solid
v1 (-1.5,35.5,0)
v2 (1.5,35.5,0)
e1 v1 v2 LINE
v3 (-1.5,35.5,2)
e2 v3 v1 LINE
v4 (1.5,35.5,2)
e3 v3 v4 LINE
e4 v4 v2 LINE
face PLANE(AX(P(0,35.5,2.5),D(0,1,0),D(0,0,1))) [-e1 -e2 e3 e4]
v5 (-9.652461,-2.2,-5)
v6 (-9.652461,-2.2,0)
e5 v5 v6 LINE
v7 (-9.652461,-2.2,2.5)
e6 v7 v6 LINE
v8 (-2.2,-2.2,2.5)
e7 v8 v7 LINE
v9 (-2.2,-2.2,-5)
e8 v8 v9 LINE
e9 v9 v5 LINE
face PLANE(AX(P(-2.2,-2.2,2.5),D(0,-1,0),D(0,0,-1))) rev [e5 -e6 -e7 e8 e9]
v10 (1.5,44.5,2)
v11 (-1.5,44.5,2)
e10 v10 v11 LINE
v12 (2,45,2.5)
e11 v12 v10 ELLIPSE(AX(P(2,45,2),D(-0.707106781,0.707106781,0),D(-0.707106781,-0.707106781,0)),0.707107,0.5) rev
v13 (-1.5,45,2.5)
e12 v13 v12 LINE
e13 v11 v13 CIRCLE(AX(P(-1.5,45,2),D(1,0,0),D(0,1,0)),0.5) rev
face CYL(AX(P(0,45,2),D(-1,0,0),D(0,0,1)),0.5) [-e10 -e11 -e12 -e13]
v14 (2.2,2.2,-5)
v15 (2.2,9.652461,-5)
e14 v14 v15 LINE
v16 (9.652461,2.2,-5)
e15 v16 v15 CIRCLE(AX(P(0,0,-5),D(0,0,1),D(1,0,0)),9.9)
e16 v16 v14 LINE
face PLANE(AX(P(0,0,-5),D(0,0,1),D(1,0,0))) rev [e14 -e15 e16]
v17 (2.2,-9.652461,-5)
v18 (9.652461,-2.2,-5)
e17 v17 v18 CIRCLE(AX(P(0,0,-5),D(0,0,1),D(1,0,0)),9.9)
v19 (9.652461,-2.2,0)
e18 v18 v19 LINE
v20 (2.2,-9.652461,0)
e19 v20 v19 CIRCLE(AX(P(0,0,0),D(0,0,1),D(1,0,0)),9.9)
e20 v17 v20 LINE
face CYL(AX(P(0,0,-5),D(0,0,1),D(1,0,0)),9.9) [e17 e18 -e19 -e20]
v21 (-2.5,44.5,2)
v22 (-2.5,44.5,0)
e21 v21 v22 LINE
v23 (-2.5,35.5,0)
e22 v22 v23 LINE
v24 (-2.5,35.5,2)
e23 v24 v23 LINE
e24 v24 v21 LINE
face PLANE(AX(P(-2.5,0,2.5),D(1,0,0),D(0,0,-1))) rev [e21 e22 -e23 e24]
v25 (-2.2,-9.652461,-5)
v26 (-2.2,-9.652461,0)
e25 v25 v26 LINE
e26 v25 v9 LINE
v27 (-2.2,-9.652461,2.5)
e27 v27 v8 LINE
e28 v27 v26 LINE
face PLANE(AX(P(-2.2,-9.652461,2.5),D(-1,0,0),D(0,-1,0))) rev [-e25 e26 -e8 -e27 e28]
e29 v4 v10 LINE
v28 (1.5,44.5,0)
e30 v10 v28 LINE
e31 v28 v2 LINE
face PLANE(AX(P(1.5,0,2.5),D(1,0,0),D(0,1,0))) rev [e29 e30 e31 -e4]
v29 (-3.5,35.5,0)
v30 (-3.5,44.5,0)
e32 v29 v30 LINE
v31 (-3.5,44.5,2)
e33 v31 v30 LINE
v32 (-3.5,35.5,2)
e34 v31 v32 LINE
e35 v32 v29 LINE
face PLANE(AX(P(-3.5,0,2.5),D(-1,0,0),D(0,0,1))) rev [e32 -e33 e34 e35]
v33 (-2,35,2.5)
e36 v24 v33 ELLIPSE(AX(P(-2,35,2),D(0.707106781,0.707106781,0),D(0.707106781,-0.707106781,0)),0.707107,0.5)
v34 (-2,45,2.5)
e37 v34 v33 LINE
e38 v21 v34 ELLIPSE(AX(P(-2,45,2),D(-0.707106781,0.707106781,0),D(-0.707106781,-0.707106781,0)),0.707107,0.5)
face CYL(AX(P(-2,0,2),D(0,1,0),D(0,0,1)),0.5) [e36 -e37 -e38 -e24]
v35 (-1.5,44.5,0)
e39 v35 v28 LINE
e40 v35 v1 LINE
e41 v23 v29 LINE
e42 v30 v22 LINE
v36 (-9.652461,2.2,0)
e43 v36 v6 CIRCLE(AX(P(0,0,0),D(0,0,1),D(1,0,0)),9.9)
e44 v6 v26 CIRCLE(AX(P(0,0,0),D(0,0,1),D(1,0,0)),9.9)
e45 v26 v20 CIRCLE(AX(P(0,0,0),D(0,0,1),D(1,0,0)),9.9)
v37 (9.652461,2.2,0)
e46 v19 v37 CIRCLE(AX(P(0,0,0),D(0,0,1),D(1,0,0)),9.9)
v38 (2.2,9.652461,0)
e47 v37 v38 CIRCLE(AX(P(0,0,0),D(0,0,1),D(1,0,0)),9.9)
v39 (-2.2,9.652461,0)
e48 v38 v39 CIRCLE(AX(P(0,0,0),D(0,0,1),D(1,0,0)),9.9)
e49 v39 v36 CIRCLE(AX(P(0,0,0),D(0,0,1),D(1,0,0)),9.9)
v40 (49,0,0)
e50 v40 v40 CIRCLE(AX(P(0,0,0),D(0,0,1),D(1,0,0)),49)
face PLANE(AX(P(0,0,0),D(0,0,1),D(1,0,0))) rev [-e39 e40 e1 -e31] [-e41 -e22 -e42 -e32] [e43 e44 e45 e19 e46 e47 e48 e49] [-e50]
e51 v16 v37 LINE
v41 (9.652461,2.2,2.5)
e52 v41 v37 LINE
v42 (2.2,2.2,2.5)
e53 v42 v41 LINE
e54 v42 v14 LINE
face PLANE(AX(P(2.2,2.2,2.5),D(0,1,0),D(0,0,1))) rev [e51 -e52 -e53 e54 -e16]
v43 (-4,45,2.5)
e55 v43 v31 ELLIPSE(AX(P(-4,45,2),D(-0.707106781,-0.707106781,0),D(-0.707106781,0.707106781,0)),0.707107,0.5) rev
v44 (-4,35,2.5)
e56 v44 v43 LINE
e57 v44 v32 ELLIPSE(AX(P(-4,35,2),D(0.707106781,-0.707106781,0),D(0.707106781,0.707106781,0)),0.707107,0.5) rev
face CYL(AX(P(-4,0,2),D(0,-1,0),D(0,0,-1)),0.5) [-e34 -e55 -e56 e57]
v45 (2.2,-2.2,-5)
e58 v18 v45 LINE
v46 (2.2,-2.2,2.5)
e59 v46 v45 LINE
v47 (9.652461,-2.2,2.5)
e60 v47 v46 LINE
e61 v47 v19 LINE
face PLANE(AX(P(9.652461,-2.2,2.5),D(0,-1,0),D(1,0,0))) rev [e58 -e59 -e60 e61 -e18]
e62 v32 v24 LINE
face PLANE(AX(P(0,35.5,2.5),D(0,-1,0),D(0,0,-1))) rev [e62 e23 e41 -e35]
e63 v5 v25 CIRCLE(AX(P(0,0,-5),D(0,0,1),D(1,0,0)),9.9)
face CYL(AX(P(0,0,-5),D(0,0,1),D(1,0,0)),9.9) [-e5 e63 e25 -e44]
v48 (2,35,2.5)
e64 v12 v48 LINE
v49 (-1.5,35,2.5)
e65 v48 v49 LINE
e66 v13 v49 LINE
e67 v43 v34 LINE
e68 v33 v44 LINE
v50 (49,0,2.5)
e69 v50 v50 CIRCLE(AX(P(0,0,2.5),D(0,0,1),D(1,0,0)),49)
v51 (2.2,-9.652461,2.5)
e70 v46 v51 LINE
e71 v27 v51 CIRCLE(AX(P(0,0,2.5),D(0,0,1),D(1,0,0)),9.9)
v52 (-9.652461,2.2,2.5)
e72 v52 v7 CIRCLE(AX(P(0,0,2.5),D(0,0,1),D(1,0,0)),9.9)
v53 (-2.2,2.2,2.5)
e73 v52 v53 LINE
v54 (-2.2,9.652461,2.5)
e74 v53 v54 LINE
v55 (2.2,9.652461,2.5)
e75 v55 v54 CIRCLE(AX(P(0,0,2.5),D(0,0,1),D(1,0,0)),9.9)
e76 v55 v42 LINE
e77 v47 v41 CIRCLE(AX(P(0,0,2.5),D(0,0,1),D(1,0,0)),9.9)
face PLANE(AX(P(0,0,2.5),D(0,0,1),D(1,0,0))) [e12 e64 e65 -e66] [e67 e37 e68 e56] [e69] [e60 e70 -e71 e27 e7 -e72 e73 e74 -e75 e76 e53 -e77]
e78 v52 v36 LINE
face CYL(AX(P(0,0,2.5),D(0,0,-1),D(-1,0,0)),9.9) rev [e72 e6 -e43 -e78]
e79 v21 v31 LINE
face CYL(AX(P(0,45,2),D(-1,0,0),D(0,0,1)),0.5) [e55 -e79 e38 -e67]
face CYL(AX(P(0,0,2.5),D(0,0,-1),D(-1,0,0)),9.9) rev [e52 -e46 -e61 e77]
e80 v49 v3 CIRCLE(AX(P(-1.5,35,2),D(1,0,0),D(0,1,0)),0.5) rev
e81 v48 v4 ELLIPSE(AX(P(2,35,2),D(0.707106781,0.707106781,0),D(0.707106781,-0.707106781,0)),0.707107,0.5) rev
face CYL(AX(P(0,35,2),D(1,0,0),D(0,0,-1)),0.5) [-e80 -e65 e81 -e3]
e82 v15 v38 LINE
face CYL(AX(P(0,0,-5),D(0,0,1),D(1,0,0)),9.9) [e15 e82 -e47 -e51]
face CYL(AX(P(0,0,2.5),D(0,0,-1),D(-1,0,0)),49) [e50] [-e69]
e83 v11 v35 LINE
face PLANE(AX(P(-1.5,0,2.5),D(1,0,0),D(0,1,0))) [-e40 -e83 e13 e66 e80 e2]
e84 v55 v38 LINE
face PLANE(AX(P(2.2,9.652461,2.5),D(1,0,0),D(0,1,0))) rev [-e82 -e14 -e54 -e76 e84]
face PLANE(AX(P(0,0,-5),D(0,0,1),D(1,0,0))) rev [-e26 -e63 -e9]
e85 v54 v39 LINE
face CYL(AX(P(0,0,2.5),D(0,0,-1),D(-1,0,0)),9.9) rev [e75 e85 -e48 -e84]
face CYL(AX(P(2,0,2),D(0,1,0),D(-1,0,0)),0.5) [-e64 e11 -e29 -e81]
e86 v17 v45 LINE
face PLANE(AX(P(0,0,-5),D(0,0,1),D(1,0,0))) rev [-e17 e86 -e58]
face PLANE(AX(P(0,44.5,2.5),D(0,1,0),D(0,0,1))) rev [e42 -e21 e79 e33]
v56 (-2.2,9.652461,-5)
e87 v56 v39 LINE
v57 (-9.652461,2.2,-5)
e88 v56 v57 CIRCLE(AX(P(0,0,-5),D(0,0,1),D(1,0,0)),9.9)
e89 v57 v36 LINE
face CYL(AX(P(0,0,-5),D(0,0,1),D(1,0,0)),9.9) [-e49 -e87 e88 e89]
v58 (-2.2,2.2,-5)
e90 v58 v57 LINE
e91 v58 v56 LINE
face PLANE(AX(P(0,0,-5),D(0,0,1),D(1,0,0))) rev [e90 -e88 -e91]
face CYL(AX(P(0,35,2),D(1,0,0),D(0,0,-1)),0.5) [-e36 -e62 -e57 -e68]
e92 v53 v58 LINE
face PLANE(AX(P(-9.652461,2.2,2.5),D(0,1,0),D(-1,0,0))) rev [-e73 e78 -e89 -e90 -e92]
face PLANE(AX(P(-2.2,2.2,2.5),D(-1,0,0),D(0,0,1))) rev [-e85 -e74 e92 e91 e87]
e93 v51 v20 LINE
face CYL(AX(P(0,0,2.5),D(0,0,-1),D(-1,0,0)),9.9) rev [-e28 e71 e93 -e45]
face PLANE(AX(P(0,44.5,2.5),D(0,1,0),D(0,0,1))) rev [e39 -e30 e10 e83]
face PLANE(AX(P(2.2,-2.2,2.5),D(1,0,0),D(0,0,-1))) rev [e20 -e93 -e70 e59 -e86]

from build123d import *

# Parameters (mm, degrees)
SKETCH1_R             = 49
SKETCH1_W             = 1
SKETCH1_H             = 9
BOSS_EXTRUDE1_DEPTH   = 2.5
BOSS_EXTRUDE2_START   = -5
BOSS_EXTRUDE2_DEPTH   = 5
BOSS_EXTRUDE2_2_DEPTH = 5
BOSS_EXTRUDE2_3_DEPTH = 5
BOSS_EXTRUDE2_4_DEPTH = 5
FILLET1_R             = 0.5
BOSS_EXTRUDE4_DEPTH   = 2.5


with BuildPart() as part:
    # Sketch1 → Boss-Extrude1 (new body)
    with BuildSketch(Plane.XY):
        Circle(SKETCH1_R)
        with BuildLine():
            ThreePointArc((0, 9.9), (9.9, 0), (0, -9.9))
            ThreePointArc((0, -9.9), (-9.9, 0), (0, 9.9))
        make_face(mode=Mode.SUBTRACT)
        Polygon((-1.5, 35.5), (-1.5, 44.5), (1.5, 44.5), (1.5, 35.5), (0, 35.5), align=None, mode=Mode.SUBTRACT)
        with Locations((-3, 40)):
            Rectangle(SKETCH1_W, SKETCH1_H, mode=Mode.SUBTRACT)
    extrude(amount=BOSS_EXTRUDE1_DEPTH)

    # Fillet1
    fillet1_edges = [part.edges().sort_by_distance(p)[0] for p in [
        (-3, 44.5, 2.5),
        (-3, 35.5, 2.5),
        (-2.5, 40, 2.5),
        (-3.5, 40, 2.5),
        (0, 44.5, 2.5),
        (1.5, 40, 2.5),
        (0, 35.5, 2.5),
    ]]
    fillet(fillet1_edges, radius=FILLET1_R)



with BuildPart() as body_2:
    # Sketch1<3> → Boss-Extrude2 (new body)
    with BuildSketch(Plane.XY.offset(BOSS_EXTRUDE2_START)):
        with BuildLine():
            ThreePointArc((9.652460826, 2.2), (7.000357134, 7.000357134), (2.2, 9.652460826))
            Line((2.2, 9.652460826), (2.2, 2.2))
            Line((2.2, 2.2), (9.652460826, 2.2))
        make_face()
    extrude(amount=BOSS_EXTRUDE2_DEPTH)


with BuildPart() as body_3:
    # Sketch1<3> → Boss-Extrude2 2 (new body)
    with BuildSketch(Plane.XY.offset(BOSS_EXTRUDE2_START)):
        with BuildLine():
            Line((-2.2, 2.2), (-2.2, 9.652460826))
            ThreePointArc((-2.2, 9.652460826), (-7.000357134, 7.000357134), (-9.652460826, 2.2))
            Line((-9.652460826, 2.2), (-2.2, 2.2))
        make_face()
    extrude(amount=BOSS_EXTRUDE2_2_DEPTH)


with BuildPart() as body_4:
    # Sketch1<3> → Boss-Extrude2 3 (new body)
    with BuildSketch(Plane.XY.offset(BOSS_EXTRUDE2_START)):
        with BuildLine():
            Line((9.652460826, -2.2), (2.2, -2.2))
            Line((2.2, -2.2), (2.2, -9.652460826))
            ThreePointArc((2.2, -9.652460826), (7.000357134, -7.000357134), (9.652460826, -2.2))
        make_face()
    extrude(amount=BOSS_EXTRUDE2_3_DEPTH)


with BuildPart() as body_5:
    # Sketch1<3> → Boss-Extrude2 4 (new body)
    with BuildSketch(Plane.XY.offset(BOSS_EXTRUDE2_START)):
        with BuildLine():
            Line((-2.2, -9.652460826), (-2.2, -2.2))
            Line((-2.2, -2.2), (-9.652460826, -2.2))
            ThreePointArc((-9.652460826, -2.2), (-7.000357134, -7.000357134), (-2.2, -9.652460826))
        make_face()
    extrude(amount=BOSS_EXTRUDE2_4_DEPTH)


with BuildPart() as part_1:
    add(part.part)

    add(body_2.part)  # Boss-Extrude4 merges body 2

    add(body_3.part)  # Boss-Extrude4 merges body 3

    add(body_4.part)  # Boss-Extrude4 merges body 4

    add(body_5.part)  # Boss-Extrude4 merges body 5
    # Sketch3 → Boss-Extrude4 (add)
    with BuildSketch(Plane.XY):
        with BuildLine():
            Line((-2.2, 2.2), (-2.2, 9.652460826))
            ThreePointArc((-2.2, 9.652460826), (-7.000357134, 7.000357134), (-9.652460826, 2.2))
            Line((-9.652460826, 2.2), (-2.2, 2.2))
        make_face()
        with BuildLine():
            Line((-2.2, -2.2), (-9.652460826, -2.2))
            ThreePointArc((-9.652460826, -2.2), (-7.000357134, -7.000357134), (-2.2, -9.652460826))
            Line((-2.2, -9.652460826), (-2.2, -2.2))
        make_face()
        with BuildLine():
            Line((2.2, -2.2), (2.2, -9.652460826))
            ThreePointArc((2.2, -9.652460826), (7.000357134, -7.000357134), (9.652460826, -2.2))
            Line((9.652460826, -2.2), (2.2, -2.2))
        make_face()
        with BuildLine():
            Line((2.2, 2.2), (9.652460826, 2.2))
            ThreePointArc((9.652460826, 2.2), (7.000357134, 7.000357134), (2.2, 9.652460826))
            Line((2.2, 9.652460826), (2.2, 2.2))
        make_face()
    extrude(amount=BOSS_EXTRUDE4_DEPTH)


solid = part_1.part
